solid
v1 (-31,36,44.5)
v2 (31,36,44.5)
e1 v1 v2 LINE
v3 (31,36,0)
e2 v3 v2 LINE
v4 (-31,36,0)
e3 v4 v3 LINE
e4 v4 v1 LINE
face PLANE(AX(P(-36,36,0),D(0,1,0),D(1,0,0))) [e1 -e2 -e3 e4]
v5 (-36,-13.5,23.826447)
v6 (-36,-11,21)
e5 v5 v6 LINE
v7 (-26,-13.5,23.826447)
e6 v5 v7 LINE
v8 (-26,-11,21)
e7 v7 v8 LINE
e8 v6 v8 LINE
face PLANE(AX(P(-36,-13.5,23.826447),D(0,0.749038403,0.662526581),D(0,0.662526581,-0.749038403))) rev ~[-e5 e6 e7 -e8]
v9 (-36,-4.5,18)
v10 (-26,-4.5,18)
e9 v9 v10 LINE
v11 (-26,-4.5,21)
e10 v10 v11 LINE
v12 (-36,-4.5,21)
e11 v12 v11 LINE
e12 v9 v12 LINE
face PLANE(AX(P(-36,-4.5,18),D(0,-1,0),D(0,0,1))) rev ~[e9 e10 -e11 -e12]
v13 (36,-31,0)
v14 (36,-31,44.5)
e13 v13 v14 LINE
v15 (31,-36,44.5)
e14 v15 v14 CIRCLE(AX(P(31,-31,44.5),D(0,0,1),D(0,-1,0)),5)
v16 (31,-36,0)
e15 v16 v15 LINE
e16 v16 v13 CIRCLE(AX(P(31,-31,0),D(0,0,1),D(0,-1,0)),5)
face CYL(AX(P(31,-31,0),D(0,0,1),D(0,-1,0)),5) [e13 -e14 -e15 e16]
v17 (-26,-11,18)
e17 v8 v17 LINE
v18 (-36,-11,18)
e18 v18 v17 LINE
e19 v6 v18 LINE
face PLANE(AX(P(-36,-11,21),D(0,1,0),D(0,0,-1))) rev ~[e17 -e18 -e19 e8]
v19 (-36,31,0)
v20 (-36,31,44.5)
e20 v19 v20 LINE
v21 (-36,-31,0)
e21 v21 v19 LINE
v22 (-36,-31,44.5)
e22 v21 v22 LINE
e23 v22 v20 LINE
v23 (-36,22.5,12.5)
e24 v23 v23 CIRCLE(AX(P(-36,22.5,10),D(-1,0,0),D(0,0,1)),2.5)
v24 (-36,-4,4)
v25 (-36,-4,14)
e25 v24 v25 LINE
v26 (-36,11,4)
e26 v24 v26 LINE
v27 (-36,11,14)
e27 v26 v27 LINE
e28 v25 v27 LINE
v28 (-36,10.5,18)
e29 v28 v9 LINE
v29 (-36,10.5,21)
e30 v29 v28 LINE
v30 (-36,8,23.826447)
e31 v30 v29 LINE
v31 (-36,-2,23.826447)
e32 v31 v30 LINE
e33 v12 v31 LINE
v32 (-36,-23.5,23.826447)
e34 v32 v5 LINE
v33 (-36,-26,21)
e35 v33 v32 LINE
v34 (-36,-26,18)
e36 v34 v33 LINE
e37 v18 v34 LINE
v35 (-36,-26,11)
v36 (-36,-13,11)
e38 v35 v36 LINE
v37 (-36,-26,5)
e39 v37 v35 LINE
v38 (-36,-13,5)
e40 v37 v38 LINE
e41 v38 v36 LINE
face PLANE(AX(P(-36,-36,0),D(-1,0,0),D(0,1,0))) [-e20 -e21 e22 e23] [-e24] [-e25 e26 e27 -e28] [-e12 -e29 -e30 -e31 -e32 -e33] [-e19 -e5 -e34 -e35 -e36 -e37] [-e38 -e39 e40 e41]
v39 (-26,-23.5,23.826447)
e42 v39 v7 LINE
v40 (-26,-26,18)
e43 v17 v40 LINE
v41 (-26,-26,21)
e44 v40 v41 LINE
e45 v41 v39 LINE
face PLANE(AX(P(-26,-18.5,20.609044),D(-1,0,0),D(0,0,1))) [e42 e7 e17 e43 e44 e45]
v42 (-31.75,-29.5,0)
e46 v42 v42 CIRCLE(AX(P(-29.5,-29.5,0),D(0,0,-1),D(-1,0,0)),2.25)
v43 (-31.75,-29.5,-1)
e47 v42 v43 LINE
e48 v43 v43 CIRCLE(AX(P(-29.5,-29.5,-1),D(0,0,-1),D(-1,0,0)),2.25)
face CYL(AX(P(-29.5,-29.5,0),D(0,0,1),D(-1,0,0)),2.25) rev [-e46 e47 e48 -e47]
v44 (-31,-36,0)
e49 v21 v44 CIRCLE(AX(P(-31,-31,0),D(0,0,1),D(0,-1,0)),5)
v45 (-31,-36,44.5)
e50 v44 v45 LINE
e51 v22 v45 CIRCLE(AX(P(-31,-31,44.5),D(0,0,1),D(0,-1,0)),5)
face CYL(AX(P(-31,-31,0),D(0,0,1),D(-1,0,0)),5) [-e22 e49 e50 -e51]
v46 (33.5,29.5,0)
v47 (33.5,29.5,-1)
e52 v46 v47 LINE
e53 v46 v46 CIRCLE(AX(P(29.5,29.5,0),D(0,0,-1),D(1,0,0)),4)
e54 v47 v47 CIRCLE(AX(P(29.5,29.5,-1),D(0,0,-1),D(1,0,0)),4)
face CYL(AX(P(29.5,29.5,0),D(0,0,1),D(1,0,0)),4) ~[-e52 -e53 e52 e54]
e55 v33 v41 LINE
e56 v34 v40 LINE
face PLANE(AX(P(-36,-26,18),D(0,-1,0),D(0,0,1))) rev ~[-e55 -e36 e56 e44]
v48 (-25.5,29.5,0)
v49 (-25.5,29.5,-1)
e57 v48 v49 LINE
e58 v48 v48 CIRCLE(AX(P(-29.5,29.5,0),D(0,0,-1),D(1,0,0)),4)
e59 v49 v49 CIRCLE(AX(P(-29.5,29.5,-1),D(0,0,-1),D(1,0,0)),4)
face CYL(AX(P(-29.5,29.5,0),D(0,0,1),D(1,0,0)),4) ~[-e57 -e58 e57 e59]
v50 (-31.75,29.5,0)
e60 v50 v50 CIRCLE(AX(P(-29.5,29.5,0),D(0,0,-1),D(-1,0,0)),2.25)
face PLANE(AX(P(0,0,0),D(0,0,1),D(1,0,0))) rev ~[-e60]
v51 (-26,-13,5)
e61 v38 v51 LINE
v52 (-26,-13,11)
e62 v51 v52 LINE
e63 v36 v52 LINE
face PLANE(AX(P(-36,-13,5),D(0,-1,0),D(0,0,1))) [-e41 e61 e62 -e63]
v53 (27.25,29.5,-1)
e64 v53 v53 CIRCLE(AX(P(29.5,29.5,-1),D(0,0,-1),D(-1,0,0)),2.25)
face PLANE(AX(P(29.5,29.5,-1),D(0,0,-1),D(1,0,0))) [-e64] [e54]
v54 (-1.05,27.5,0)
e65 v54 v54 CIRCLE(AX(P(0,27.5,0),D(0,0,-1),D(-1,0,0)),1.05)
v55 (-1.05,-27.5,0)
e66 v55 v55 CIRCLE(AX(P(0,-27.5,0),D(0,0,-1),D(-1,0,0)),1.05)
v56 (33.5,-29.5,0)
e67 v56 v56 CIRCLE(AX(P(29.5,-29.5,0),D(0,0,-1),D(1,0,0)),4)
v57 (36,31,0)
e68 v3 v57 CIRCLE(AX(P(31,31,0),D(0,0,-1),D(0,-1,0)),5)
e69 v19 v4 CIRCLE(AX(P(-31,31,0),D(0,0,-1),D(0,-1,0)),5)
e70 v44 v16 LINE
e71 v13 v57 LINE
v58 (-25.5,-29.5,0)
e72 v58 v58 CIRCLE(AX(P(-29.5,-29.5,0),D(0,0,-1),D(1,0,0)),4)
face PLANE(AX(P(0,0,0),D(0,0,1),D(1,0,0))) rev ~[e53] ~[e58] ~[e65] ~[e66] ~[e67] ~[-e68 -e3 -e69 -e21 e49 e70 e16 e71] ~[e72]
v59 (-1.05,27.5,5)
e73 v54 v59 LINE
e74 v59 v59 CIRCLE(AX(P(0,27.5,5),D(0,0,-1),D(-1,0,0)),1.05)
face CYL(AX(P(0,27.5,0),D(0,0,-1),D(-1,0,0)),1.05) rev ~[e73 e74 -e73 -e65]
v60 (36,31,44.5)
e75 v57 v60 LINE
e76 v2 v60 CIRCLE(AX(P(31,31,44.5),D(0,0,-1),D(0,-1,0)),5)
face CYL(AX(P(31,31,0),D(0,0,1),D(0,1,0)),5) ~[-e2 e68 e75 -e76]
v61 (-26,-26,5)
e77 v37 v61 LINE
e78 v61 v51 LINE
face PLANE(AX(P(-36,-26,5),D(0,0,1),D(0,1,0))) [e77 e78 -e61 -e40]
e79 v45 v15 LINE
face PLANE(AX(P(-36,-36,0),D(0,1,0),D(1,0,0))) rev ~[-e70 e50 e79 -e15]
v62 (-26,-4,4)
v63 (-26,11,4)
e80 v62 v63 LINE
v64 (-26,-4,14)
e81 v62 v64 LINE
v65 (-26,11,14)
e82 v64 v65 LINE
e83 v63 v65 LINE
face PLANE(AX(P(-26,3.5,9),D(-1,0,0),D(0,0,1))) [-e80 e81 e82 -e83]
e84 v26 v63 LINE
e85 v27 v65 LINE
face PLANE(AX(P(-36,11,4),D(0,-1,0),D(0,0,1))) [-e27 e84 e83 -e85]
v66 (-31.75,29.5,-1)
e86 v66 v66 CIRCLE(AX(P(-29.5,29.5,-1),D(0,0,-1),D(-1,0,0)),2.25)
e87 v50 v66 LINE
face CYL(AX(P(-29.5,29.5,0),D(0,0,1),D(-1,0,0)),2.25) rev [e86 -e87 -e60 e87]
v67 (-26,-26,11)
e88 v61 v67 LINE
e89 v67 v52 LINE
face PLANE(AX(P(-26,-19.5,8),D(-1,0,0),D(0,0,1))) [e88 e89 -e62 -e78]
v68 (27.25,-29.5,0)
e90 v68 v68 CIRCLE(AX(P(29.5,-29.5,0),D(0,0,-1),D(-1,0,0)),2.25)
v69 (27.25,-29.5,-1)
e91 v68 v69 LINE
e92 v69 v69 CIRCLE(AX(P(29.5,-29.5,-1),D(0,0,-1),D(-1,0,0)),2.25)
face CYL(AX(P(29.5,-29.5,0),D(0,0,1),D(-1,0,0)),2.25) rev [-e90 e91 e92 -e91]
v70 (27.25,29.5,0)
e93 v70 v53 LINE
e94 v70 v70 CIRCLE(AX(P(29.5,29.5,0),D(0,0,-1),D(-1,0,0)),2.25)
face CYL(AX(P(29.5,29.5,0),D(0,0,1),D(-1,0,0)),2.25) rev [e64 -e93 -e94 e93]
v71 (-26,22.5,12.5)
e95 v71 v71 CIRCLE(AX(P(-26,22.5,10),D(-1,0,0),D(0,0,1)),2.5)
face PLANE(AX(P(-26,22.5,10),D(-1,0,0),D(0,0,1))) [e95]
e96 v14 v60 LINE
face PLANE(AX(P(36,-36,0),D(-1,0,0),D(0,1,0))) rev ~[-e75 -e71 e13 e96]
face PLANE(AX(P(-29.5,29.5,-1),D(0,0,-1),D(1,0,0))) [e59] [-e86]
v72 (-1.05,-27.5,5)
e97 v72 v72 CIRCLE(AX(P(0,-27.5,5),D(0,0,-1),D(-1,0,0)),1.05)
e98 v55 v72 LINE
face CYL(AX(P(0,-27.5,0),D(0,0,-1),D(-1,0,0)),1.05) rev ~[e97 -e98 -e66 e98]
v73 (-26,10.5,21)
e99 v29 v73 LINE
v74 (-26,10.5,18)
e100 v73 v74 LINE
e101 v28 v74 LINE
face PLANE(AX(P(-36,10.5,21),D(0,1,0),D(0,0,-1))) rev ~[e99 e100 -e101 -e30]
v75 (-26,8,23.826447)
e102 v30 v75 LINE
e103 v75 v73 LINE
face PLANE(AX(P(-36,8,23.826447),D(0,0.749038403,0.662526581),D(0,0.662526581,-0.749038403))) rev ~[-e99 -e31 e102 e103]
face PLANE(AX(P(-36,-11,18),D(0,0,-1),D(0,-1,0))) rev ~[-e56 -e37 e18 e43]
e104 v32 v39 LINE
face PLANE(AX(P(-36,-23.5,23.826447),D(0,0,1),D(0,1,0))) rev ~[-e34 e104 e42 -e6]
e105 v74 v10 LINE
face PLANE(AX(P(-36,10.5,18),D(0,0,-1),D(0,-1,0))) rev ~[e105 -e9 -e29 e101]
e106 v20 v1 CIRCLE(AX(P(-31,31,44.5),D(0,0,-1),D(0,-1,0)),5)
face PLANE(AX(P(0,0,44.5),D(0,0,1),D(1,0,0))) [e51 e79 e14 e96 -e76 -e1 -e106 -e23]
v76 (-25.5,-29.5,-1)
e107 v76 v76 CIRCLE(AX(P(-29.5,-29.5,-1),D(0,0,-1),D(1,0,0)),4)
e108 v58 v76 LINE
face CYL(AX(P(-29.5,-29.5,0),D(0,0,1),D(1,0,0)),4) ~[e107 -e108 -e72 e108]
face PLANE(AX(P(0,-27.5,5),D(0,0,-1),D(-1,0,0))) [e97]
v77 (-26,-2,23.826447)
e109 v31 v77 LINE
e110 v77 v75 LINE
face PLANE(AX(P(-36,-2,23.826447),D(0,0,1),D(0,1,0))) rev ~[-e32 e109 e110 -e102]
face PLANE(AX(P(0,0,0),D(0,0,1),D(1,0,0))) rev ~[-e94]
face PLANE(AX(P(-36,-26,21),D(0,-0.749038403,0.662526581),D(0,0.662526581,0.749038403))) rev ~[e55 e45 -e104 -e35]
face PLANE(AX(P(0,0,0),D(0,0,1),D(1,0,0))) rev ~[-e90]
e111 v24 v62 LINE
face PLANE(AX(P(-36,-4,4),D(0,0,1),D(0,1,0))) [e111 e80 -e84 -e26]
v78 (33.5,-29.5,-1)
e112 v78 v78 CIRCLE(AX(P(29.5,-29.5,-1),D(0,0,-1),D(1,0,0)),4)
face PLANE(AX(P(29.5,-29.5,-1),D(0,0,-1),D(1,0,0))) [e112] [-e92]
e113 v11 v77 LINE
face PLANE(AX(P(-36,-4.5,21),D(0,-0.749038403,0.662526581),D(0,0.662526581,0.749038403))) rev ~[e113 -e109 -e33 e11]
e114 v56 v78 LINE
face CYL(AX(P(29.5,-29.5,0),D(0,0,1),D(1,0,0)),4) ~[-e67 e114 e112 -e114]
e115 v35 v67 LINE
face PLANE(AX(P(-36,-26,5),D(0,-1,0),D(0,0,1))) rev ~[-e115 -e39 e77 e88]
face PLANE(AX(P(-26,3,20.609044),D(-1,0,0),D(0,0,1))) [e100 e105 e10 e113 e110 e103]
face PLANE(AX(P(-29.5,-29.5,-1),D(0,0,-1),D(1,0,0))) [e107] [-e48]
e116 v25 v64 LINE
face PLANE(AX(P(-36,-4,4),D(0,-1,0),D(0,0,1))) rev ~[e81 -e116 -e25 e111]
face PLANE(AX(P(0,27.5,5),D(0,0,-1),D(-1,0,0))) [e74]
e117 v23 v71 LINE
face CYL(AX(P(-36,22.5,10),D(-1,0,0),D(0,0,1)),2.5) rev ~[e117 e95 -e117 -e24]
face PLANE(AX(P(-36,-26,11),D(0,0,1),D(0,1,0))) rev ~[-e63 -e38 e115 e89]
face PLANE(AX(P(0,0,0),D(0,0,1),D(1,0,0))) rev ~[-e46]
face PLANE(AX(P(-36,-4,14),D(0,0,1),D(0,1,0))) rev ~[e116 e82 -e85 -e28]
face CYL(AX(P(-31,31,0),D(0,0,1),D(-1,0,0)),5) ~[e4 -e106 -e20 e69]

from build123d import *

# Parameters (mm, degrees)
SKETCH_1_W          = 72
SKETCH_1_H          = 72
EXTRUDE_1_DEPTH     = 44.5
SKETCH_4_R          = 2.5
SKETCH_4_W          = 10
SKETCH_4_H          = 15
SKETCH_4_W_2        = 6
SKETCH_4_H_2        = 13
CUT_EXTRUDE_2_DEPTH = 10
FILLET_1_R          = 5
SKETCH_2_R          = 1.05
CUT_EXTRUDE_1_DEPTH = 5
SKETCH_3_R          = 4
SKETCH_3_R_2        = 2.25
EXTRUDE_2_DEPTH     = 1


with BuildPart() as part:
    # 草图1 → 凸台-拉伸1 (new body)
    with BuildSketch(Plane.XY):
        Rectangle(SKETCH_1_W, SKETCH_1_H)
    extrude(amount=EXTRUDE_1_DEPTH)

    # 草图4 → 切除-拉伸2 (cut)
    with BuildSketch(Plane.ZY.offset(36)):
        with Locations((10, 22.5)):
            Circle(SKETCH_4_R)
        with Locations((9, 3.5)):
            Rectangle(SKETCH_4_W, SKETCH_4_H)
        Polygon((18, -11), (18, -26), (21, -26), (23.826446608, -23.5), (23.826446608, -13.5), (21, -11), align=None)
        with Locations((8, -19.5)):
            Rectangle(SKETCH_4_W_2, SKETCH_4_H_2)
        Polygon((18, 10.5), (18, -4.5), (21, -4.5), (23.826446608, -2), (23.826446608, 8), (21, 10.5), align=None)
    extrude(amount=-CUT_EXTRUDE_2_DEPTH, mode=Mode.SUBTRACT)

    # 圆角1
    fillet_1_edges = [part.edges().sort_by_distance(p)[0] for p in [
        (36, -36, 22.25),
        (-36, -36, 22.25),
        (-36, 36, 22.25),
        (36, 36, 22.25),
    ]]
    fillet(fillet_1_edges, radius=FILLET_1_R)

    # 草图2 → 切除-拉伸1 (cut)
    with BuildSketch(Plane(origin=(0, 0, 0), x_dir=(-1, 0, 0), z_dir=(0, 0, -1))):
        with Locations((0, 27.5)):
            Circle(SKETCH_2_R)
        with Locations((0, -27.5)):
            Circle(SKETCH_2_R)
    extrude(amount=-CUT_EXTRUDE_1_DEPTH, mode=Mode.SUBTRACT)

    # 草图3 → 凸台-拉伸2 (add)
    # profile 1 of 4: a face of its own
    with BuildSketch(Plane(origin=(0, 0, 0), x_dir=(-1, 0, 0), z_dir=(0, 0, -1))):
        with Locations(Location((29.5, -29.5, 0), (0, 0, 180))):
            Circle(SKETCH_3_R)
        with Locations((29.5, -29.5)):
            Circle(SKETCH_3_R_2, mode=Mode.SUBTRACT)
    # profile 2 of 4: a face of its own
    with BuildSketch(Plane(origin=(0, 0, 0), x_dir=(-1, 0, 0), z_dir=(0, 0, -1))):
        with Locations(Location((-29.5, -29.5, 0), (0, 0, 180))):
            Circle(SKETCH_3_R)
        with Locations((-29.5, -29.5)):
            Circle(SKETCH_3_R_2, mode=Mode.SUBTRACT)
    # profile 3 of 4: a face of its own
    with BuildSketch(Plane(origin=(0, 0, 0), x_dir=(-1, 0, 0), z_dir=(0, 0, -1))):
        with Locations(Location((-29.5, 29.5, 0), (0, 0, 180))):
            Circle(SKETCH_3_R)
        with Locations((-29.5, 29.5)):
            Circle(SKETCH_3_R_2, mode=Mode.SUBTRACT)
    # profile 4 of 4: a face of its own
    with BuildSketch(Plane(origin=(0, 0, 0), x_dir=(-1, 0, 0), z_dir=(0, 0, -1))):
        with Locations(Location((29.5, 29.5, 0), (0, 0, 180))):
            Circle(SKETCH_3_R)
        with Locations((29.5, 29.5)):
            Circle(SKETCH_3_R_2, mode=Mode.SUBTRACT)
    extrude(amount=EXTRUDE_2_DEPTH)


solid = part.part
